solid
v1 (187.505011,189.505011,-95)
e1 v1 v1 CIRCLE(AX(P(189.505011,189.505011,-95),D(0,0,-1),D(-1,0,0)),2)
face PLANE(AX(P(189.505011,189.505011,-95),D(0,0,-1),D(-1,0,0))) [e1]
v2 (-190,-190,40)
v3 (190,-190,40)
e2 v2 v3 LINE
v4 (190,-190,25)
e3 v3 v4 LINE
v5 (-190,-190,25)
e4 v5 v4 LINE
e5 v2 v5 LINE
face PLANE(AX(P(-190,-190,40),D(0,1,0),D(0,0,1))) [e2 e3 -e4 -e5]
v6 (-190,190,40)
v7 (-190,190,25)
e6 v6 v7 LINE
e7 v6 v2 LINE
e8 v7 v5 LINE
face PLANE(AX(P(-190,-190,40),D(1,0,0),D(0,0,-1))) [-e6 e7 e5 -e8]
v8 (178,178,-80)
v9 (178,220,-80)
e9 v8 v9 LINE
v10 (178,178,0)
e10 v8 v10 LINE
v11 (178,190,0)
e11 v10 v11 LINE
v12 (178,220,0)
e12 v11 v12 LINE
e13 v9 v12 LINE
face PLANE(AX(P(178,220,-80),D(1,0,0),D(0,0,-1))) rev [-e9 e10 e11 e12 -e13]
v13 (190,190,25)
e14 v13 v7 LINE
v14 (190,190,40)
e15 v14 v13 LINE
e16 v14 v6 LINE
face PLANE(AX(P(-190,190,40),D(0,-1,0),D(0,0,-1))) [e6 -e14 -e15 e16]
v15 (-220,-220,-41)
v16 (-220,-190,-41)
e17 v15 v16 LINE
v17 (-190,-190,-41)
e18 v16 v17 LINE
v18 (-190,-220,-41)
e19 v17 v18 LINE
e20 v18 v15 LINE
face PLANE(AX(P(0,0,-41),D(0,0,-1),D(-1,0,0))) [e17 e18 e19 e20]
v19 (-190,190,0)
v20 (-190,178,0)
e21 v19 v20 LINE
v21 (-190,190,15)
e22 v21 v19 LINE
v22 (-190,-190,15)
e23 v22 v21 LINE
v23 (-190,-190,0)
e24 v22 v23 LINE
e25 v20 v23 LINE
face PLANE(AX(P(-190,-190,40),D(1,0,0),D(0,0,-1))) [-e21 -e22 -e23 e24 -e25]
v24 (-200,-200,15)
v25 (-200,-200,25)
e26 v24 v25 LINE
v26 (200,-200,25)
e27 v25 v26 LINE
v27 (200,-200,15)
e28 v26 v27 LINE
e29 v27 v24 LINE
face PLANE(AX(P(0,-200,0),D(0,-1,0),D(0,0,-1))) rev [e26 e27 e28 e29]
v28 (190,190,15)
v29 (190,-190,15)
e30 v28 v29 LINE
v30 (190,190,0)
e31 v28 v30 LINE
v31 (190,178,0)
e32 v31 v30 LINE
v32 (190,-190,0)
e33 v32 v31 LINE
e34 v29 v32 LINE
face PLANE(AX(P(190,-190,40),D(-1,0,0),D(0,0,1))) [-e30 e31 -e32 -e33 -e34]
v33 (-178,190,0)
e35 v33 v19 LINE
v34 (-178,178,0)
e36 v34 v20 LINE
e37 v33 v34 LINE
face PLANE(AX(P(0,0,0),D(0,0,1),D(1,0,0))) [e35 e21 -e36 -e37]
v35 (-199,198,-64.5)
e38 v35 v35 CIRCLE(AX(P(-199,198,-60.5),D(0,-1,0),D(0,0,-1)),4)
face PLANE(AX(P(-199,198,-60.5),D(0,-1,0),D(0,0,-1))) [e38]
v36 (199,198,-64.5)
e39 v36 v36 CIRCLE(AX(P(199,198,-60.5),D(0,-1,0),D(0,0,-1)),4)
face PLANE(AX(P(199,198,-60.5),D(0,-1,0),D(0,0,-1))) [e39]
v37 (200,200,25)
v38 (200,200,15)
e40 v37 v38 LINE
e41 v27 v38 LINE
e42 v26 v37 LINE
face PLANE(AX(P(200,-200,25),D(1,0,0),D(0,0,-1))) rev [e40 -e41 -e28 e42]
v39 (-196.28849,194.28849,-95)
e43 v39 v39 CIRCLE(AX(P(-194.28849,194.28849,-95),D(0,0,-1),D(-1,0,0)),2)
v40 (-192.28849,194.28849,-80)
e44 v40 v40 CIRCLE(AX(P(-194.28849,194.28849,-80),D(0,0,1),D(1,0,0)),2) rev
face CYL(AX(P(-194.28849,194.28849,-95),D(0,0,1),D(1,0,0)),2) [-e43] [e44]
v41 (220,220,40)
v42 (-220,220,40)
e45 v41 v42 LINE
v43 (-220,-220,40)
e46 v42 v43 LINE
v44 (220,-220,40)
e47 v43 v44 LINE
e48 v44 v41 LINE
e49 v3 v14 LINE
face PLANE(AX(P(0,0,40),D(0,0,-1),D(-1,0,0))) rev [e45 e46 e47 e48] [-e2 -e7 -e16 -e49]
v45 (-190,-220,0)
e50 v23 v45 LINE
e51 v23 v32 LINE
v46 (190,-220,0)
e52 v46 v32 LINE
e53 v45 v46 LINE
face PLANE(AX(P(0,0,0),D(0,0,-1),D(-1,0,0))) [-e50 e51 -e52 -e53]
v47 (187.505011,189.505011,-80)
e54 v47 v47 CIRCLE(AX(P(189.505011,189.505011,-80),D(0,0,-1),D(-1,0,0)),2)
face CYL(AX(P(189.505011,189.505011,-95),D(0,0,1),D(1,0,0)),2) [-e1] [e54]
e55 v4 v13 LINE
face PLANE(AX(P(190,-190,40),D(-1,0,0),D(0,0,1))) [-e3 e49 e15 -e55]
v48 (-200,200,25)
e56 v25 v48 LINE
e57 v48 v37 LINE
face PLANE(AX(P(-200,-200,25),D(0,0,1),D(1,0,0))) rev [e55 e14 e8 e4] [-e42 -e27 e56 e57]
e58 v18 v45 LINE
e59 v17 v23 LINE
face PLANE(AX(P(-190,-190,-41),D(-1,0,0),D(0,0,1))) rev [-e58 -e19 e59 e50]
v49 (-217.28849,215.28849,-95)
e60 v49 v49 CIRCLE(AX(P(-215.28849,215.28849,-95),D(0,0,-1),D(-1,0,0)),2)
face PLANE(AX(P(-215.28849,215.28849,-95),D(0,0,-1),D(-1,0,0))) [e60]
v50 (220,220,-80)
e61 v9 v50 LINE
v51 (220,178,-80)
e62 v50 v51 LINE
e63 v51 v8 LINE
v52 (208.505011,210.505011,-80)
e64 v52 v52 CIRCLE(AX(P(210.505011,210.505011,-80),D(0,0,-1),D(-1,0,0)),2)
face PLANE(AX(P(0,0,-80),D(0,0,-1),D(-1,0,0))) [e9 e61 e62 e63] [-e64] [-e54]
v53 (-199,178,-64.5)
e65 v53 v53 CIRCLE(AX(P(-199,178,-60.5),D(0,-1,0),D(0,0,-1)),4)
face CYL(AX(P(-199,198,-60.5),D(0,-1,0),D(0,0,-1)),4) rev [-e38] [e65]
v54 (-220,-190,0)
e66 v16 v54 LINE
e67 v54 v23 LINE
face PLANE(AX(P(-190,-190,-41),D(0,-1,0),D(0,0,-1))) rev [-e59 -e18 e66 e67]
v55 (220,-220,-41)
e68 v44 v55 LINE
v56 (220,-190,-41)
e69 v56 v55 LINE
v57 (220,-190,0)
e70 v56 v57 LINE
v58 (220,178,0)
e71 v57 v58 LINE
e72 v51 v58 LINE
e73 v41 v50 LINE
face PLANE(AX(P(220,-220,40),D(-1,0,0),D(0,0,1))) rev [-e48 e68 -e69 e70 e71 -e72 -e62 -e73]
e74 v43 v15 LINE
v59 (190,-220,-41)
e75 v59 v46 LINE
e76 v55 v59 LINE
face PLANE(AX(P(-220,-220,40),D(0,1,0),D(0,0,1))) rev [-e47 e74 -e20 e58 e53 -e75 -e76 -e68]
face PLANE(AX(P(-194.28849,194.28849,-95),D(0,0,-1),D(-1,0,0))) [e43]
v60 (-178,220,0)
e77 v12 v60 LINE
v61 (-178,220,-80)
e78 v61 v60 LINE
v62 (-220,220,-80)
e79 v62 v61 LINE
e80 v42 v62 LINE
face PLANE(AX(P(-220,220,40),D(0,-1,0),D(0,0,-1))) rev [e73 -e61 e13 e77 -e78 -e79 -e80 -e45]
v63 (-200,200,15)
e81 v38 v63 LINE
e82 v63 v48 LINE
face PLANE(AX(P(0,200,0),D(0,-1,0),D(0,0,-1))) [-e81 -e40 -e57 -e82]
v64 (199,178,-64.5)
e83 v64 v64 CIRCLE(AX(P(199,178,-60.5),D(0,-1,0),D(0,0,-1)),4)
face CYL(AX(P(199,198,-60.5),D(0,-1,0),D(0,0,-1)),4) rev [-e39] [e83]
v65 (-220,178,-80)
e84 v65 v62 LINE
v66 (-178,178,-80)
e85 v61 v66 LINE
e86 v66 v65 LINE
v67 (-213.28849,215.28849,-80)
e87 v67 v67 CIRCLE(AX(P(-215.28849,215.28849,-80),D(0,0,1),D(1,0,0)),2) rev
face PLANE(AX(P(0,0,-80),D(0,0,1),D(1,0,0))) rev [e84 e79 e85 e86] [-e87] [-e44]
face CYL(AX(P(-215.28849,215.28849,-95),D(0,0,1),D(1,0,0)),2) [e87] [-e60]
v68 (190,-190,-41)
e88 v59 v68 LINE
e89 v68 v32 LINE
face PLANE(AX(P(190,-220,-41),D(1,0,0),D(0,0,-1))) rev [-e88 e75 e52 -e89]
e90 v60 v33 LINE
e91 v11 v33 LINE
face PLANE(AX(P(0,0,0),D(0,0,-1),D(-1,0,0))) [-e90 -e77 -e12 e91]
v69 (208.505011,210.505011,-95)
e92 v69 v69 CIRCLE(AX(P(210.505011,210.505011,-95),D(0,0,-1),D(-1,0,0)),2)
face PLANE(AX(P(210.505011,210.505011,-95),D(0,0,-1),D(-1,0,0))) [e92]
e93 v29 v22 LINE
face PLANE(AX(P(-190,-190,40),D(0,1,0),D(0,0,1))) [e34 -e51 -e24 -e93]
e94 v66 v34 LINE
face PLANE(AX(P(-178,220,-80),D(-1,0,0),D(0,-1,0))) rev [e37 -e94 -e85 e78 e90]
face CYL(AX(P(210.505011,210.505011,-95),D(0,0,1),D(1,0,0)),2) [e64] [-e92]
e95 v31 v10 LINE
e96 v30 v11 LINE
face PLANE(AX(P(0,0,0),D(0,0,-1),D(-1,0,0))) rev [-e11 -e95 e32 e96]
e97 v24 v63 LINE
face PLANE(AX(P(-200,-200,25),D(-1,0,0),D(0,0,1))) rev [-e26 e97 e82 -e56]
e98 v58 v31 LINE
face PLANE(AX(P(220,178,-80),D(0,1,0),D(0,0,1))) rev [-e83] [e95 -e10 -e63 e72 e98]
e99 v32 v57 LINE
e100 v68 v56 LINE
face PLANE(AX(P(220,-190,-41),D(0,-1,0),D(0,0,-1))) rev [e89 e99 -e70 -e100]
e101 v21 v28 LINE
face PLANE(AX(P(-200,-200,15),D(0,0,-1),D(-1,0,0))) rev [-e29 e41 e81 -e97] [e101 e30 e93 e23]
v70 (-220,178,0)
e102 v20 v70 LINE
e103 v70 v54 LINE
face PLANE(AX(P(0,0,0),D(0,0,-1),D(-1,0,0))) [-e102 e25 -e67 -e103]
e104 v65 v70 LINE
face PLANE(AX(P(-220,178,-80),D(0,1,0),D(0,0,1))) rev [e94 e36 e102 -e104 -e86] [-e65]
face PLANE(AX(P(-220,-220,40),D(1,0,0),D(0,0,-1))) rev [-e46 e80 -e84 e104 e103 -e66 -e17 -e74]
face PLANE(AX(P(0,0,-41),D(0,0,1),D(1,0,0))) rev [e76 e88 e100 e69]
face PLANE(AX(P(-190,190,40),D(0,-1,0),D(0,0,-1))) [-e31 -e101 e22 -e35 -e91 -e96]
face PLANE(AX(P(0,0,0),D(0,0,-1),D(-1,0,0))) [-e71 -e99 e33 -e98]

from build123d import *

# Parameters (mm, degrees)
ESQUISSE1_W                  = 440
ESQUISSE1_H                  = 440
ESQUISSE1_W_2                = 380
ESQUISSE1_H_2                = 380
BOSS_EXTRU_1_DEPTH           = 40
ENL_V_MAT_EXTRU_1_DEPTH      = 390
ENL_V_MAT_EXTRU_1_DEPTH_BACK = 10
ESQUISSE2_W                  = 400
ESQUISSE2_H                  = 10
ESQUISSE3_W                  = 42
ESQUISSE3_H                  = 42
BOSS_EXTRU_2_DEPTH           = 80
ESQUISSE5_R                  = 2
BOSS_EXTRU_3_DEPTH           = 15
ESQUISSE7_R                  = 4
ENL_V_MAT_EXTRU_2_DEPTH      = 20
ESQUISSE8_W                  = 30
ESQUISSE8_H                  = 30
BOSS_EXTRU_4_DEPTH           = 41


with BuildPart() as part:
    # Esquisse1 → Boss.-Extru.1 (new body)
    with BuildSketch(Plane.XY):
        Rectangle(ESQUISSE1_W, ESQUISSE1_H)
        Rectangle(ESQUISSE1_W_2, ESQUISSE1_H_2, mode=Mode.SUBTRACT)
    extrude(amount=BOSS_EXTRU_1_DEPTH)

    # Esquisse2 → Enlèv. mat.-Extru.1 (cut, two sides: drawn at the far end of the back side and taken through both)
    with BuildSketch(Plane(origin=(0, -190, 0), x_dir=(1, 0, 0), z_dir=(0, 1, 0)).offset(-ENL_V_MAT_EXTRU_1_DEPTH_BACK)):
        with Locations((0, -20)):
            Rectangle(ESQUISSE2_W, ESQUISSE2_H)
    extrude(amount=ENL_V_MAT_EXTRU_1_DEPTH + ENL_V_MAT_EXTRU_1_DEPTH_BACK, mode=Mode.SUBTRACT)

    # Esquisse3 → Boss.-Extru.2 (add)
    with BuildSketch(Plane(origin=(0, 0, 0), x_dir=(-1, 0, 0), z_dir=(0, 0, -1))):
        with Locations((-199, 199)):
            Rectangle(ESQUISSE3_W, ESQUISSE3_H)
        with Locations((199, 199)):
            Rectangle(ESQUISSE3_W, ESQUISSE3_H)
    extrude(amount=BOSS_EXTRU_2_DEPTH)

    # Esquisse5 → Boss.-Extru.3 (add)
    with BuildSketch(Plane(origin=(0, 0, -80), x_dir=(-1, 0, 0), z_dir=(0, 0, -1))):
        with Locations((-210.505010618, 210.505010618)):
            Circle(ESQUISSE5_R)
        with Locations((-189.505010618, 189.505010618)):
            Circle(ESQUISSE5_R)
        with Locations(Location((215.288490097, 215.288490097, 0), (0, 0, 180))):
            Circle(ESQUISSE5_R)
        with Locations(Location((194.288490097, 194.288490097, 0), (0, 0, 180))):
            Circle(ESQUISSE5_R)
    extrude(amount=BOSS_EXTRU_3_DEPTH)

    # Esquisse7 → Enlèv. mat.-Extru.2 (cut)
    with BuildSketch(Plane.XZ.offset(-178)):
        with Locations(Location((199, -60.5, 0), (0, 0, 270))):
            Circle(ESQUISSE7_R)
        with Locations(Location((-199, -60.5, 0), (0, 0, 270))):
            Circle(ESQUISSE7_R)
    extrude(amount=-ENL_V_MAT_EXTRU_2_DEPTH, mode=Mode.SUBTRACT)

    # Esquisse8 → Boss.-Extru.4 (add)
    with BuildSketch(Plane(origin=(0, 0, 0), x_dir=(-1, 0, 0), z_dir=(0, 0, -1))):
        with Locations((-205, -205)):
            Rectangle(ESQUISSE8_W, ESQUISSE8_H)
        with Locations((205, -205)):
            Rectangle(ESQUISSE8_W, ESQUISSE8_H)
    extrude(amount=BOSS_EXTRU_4_DEPTH)


solid = part.part
